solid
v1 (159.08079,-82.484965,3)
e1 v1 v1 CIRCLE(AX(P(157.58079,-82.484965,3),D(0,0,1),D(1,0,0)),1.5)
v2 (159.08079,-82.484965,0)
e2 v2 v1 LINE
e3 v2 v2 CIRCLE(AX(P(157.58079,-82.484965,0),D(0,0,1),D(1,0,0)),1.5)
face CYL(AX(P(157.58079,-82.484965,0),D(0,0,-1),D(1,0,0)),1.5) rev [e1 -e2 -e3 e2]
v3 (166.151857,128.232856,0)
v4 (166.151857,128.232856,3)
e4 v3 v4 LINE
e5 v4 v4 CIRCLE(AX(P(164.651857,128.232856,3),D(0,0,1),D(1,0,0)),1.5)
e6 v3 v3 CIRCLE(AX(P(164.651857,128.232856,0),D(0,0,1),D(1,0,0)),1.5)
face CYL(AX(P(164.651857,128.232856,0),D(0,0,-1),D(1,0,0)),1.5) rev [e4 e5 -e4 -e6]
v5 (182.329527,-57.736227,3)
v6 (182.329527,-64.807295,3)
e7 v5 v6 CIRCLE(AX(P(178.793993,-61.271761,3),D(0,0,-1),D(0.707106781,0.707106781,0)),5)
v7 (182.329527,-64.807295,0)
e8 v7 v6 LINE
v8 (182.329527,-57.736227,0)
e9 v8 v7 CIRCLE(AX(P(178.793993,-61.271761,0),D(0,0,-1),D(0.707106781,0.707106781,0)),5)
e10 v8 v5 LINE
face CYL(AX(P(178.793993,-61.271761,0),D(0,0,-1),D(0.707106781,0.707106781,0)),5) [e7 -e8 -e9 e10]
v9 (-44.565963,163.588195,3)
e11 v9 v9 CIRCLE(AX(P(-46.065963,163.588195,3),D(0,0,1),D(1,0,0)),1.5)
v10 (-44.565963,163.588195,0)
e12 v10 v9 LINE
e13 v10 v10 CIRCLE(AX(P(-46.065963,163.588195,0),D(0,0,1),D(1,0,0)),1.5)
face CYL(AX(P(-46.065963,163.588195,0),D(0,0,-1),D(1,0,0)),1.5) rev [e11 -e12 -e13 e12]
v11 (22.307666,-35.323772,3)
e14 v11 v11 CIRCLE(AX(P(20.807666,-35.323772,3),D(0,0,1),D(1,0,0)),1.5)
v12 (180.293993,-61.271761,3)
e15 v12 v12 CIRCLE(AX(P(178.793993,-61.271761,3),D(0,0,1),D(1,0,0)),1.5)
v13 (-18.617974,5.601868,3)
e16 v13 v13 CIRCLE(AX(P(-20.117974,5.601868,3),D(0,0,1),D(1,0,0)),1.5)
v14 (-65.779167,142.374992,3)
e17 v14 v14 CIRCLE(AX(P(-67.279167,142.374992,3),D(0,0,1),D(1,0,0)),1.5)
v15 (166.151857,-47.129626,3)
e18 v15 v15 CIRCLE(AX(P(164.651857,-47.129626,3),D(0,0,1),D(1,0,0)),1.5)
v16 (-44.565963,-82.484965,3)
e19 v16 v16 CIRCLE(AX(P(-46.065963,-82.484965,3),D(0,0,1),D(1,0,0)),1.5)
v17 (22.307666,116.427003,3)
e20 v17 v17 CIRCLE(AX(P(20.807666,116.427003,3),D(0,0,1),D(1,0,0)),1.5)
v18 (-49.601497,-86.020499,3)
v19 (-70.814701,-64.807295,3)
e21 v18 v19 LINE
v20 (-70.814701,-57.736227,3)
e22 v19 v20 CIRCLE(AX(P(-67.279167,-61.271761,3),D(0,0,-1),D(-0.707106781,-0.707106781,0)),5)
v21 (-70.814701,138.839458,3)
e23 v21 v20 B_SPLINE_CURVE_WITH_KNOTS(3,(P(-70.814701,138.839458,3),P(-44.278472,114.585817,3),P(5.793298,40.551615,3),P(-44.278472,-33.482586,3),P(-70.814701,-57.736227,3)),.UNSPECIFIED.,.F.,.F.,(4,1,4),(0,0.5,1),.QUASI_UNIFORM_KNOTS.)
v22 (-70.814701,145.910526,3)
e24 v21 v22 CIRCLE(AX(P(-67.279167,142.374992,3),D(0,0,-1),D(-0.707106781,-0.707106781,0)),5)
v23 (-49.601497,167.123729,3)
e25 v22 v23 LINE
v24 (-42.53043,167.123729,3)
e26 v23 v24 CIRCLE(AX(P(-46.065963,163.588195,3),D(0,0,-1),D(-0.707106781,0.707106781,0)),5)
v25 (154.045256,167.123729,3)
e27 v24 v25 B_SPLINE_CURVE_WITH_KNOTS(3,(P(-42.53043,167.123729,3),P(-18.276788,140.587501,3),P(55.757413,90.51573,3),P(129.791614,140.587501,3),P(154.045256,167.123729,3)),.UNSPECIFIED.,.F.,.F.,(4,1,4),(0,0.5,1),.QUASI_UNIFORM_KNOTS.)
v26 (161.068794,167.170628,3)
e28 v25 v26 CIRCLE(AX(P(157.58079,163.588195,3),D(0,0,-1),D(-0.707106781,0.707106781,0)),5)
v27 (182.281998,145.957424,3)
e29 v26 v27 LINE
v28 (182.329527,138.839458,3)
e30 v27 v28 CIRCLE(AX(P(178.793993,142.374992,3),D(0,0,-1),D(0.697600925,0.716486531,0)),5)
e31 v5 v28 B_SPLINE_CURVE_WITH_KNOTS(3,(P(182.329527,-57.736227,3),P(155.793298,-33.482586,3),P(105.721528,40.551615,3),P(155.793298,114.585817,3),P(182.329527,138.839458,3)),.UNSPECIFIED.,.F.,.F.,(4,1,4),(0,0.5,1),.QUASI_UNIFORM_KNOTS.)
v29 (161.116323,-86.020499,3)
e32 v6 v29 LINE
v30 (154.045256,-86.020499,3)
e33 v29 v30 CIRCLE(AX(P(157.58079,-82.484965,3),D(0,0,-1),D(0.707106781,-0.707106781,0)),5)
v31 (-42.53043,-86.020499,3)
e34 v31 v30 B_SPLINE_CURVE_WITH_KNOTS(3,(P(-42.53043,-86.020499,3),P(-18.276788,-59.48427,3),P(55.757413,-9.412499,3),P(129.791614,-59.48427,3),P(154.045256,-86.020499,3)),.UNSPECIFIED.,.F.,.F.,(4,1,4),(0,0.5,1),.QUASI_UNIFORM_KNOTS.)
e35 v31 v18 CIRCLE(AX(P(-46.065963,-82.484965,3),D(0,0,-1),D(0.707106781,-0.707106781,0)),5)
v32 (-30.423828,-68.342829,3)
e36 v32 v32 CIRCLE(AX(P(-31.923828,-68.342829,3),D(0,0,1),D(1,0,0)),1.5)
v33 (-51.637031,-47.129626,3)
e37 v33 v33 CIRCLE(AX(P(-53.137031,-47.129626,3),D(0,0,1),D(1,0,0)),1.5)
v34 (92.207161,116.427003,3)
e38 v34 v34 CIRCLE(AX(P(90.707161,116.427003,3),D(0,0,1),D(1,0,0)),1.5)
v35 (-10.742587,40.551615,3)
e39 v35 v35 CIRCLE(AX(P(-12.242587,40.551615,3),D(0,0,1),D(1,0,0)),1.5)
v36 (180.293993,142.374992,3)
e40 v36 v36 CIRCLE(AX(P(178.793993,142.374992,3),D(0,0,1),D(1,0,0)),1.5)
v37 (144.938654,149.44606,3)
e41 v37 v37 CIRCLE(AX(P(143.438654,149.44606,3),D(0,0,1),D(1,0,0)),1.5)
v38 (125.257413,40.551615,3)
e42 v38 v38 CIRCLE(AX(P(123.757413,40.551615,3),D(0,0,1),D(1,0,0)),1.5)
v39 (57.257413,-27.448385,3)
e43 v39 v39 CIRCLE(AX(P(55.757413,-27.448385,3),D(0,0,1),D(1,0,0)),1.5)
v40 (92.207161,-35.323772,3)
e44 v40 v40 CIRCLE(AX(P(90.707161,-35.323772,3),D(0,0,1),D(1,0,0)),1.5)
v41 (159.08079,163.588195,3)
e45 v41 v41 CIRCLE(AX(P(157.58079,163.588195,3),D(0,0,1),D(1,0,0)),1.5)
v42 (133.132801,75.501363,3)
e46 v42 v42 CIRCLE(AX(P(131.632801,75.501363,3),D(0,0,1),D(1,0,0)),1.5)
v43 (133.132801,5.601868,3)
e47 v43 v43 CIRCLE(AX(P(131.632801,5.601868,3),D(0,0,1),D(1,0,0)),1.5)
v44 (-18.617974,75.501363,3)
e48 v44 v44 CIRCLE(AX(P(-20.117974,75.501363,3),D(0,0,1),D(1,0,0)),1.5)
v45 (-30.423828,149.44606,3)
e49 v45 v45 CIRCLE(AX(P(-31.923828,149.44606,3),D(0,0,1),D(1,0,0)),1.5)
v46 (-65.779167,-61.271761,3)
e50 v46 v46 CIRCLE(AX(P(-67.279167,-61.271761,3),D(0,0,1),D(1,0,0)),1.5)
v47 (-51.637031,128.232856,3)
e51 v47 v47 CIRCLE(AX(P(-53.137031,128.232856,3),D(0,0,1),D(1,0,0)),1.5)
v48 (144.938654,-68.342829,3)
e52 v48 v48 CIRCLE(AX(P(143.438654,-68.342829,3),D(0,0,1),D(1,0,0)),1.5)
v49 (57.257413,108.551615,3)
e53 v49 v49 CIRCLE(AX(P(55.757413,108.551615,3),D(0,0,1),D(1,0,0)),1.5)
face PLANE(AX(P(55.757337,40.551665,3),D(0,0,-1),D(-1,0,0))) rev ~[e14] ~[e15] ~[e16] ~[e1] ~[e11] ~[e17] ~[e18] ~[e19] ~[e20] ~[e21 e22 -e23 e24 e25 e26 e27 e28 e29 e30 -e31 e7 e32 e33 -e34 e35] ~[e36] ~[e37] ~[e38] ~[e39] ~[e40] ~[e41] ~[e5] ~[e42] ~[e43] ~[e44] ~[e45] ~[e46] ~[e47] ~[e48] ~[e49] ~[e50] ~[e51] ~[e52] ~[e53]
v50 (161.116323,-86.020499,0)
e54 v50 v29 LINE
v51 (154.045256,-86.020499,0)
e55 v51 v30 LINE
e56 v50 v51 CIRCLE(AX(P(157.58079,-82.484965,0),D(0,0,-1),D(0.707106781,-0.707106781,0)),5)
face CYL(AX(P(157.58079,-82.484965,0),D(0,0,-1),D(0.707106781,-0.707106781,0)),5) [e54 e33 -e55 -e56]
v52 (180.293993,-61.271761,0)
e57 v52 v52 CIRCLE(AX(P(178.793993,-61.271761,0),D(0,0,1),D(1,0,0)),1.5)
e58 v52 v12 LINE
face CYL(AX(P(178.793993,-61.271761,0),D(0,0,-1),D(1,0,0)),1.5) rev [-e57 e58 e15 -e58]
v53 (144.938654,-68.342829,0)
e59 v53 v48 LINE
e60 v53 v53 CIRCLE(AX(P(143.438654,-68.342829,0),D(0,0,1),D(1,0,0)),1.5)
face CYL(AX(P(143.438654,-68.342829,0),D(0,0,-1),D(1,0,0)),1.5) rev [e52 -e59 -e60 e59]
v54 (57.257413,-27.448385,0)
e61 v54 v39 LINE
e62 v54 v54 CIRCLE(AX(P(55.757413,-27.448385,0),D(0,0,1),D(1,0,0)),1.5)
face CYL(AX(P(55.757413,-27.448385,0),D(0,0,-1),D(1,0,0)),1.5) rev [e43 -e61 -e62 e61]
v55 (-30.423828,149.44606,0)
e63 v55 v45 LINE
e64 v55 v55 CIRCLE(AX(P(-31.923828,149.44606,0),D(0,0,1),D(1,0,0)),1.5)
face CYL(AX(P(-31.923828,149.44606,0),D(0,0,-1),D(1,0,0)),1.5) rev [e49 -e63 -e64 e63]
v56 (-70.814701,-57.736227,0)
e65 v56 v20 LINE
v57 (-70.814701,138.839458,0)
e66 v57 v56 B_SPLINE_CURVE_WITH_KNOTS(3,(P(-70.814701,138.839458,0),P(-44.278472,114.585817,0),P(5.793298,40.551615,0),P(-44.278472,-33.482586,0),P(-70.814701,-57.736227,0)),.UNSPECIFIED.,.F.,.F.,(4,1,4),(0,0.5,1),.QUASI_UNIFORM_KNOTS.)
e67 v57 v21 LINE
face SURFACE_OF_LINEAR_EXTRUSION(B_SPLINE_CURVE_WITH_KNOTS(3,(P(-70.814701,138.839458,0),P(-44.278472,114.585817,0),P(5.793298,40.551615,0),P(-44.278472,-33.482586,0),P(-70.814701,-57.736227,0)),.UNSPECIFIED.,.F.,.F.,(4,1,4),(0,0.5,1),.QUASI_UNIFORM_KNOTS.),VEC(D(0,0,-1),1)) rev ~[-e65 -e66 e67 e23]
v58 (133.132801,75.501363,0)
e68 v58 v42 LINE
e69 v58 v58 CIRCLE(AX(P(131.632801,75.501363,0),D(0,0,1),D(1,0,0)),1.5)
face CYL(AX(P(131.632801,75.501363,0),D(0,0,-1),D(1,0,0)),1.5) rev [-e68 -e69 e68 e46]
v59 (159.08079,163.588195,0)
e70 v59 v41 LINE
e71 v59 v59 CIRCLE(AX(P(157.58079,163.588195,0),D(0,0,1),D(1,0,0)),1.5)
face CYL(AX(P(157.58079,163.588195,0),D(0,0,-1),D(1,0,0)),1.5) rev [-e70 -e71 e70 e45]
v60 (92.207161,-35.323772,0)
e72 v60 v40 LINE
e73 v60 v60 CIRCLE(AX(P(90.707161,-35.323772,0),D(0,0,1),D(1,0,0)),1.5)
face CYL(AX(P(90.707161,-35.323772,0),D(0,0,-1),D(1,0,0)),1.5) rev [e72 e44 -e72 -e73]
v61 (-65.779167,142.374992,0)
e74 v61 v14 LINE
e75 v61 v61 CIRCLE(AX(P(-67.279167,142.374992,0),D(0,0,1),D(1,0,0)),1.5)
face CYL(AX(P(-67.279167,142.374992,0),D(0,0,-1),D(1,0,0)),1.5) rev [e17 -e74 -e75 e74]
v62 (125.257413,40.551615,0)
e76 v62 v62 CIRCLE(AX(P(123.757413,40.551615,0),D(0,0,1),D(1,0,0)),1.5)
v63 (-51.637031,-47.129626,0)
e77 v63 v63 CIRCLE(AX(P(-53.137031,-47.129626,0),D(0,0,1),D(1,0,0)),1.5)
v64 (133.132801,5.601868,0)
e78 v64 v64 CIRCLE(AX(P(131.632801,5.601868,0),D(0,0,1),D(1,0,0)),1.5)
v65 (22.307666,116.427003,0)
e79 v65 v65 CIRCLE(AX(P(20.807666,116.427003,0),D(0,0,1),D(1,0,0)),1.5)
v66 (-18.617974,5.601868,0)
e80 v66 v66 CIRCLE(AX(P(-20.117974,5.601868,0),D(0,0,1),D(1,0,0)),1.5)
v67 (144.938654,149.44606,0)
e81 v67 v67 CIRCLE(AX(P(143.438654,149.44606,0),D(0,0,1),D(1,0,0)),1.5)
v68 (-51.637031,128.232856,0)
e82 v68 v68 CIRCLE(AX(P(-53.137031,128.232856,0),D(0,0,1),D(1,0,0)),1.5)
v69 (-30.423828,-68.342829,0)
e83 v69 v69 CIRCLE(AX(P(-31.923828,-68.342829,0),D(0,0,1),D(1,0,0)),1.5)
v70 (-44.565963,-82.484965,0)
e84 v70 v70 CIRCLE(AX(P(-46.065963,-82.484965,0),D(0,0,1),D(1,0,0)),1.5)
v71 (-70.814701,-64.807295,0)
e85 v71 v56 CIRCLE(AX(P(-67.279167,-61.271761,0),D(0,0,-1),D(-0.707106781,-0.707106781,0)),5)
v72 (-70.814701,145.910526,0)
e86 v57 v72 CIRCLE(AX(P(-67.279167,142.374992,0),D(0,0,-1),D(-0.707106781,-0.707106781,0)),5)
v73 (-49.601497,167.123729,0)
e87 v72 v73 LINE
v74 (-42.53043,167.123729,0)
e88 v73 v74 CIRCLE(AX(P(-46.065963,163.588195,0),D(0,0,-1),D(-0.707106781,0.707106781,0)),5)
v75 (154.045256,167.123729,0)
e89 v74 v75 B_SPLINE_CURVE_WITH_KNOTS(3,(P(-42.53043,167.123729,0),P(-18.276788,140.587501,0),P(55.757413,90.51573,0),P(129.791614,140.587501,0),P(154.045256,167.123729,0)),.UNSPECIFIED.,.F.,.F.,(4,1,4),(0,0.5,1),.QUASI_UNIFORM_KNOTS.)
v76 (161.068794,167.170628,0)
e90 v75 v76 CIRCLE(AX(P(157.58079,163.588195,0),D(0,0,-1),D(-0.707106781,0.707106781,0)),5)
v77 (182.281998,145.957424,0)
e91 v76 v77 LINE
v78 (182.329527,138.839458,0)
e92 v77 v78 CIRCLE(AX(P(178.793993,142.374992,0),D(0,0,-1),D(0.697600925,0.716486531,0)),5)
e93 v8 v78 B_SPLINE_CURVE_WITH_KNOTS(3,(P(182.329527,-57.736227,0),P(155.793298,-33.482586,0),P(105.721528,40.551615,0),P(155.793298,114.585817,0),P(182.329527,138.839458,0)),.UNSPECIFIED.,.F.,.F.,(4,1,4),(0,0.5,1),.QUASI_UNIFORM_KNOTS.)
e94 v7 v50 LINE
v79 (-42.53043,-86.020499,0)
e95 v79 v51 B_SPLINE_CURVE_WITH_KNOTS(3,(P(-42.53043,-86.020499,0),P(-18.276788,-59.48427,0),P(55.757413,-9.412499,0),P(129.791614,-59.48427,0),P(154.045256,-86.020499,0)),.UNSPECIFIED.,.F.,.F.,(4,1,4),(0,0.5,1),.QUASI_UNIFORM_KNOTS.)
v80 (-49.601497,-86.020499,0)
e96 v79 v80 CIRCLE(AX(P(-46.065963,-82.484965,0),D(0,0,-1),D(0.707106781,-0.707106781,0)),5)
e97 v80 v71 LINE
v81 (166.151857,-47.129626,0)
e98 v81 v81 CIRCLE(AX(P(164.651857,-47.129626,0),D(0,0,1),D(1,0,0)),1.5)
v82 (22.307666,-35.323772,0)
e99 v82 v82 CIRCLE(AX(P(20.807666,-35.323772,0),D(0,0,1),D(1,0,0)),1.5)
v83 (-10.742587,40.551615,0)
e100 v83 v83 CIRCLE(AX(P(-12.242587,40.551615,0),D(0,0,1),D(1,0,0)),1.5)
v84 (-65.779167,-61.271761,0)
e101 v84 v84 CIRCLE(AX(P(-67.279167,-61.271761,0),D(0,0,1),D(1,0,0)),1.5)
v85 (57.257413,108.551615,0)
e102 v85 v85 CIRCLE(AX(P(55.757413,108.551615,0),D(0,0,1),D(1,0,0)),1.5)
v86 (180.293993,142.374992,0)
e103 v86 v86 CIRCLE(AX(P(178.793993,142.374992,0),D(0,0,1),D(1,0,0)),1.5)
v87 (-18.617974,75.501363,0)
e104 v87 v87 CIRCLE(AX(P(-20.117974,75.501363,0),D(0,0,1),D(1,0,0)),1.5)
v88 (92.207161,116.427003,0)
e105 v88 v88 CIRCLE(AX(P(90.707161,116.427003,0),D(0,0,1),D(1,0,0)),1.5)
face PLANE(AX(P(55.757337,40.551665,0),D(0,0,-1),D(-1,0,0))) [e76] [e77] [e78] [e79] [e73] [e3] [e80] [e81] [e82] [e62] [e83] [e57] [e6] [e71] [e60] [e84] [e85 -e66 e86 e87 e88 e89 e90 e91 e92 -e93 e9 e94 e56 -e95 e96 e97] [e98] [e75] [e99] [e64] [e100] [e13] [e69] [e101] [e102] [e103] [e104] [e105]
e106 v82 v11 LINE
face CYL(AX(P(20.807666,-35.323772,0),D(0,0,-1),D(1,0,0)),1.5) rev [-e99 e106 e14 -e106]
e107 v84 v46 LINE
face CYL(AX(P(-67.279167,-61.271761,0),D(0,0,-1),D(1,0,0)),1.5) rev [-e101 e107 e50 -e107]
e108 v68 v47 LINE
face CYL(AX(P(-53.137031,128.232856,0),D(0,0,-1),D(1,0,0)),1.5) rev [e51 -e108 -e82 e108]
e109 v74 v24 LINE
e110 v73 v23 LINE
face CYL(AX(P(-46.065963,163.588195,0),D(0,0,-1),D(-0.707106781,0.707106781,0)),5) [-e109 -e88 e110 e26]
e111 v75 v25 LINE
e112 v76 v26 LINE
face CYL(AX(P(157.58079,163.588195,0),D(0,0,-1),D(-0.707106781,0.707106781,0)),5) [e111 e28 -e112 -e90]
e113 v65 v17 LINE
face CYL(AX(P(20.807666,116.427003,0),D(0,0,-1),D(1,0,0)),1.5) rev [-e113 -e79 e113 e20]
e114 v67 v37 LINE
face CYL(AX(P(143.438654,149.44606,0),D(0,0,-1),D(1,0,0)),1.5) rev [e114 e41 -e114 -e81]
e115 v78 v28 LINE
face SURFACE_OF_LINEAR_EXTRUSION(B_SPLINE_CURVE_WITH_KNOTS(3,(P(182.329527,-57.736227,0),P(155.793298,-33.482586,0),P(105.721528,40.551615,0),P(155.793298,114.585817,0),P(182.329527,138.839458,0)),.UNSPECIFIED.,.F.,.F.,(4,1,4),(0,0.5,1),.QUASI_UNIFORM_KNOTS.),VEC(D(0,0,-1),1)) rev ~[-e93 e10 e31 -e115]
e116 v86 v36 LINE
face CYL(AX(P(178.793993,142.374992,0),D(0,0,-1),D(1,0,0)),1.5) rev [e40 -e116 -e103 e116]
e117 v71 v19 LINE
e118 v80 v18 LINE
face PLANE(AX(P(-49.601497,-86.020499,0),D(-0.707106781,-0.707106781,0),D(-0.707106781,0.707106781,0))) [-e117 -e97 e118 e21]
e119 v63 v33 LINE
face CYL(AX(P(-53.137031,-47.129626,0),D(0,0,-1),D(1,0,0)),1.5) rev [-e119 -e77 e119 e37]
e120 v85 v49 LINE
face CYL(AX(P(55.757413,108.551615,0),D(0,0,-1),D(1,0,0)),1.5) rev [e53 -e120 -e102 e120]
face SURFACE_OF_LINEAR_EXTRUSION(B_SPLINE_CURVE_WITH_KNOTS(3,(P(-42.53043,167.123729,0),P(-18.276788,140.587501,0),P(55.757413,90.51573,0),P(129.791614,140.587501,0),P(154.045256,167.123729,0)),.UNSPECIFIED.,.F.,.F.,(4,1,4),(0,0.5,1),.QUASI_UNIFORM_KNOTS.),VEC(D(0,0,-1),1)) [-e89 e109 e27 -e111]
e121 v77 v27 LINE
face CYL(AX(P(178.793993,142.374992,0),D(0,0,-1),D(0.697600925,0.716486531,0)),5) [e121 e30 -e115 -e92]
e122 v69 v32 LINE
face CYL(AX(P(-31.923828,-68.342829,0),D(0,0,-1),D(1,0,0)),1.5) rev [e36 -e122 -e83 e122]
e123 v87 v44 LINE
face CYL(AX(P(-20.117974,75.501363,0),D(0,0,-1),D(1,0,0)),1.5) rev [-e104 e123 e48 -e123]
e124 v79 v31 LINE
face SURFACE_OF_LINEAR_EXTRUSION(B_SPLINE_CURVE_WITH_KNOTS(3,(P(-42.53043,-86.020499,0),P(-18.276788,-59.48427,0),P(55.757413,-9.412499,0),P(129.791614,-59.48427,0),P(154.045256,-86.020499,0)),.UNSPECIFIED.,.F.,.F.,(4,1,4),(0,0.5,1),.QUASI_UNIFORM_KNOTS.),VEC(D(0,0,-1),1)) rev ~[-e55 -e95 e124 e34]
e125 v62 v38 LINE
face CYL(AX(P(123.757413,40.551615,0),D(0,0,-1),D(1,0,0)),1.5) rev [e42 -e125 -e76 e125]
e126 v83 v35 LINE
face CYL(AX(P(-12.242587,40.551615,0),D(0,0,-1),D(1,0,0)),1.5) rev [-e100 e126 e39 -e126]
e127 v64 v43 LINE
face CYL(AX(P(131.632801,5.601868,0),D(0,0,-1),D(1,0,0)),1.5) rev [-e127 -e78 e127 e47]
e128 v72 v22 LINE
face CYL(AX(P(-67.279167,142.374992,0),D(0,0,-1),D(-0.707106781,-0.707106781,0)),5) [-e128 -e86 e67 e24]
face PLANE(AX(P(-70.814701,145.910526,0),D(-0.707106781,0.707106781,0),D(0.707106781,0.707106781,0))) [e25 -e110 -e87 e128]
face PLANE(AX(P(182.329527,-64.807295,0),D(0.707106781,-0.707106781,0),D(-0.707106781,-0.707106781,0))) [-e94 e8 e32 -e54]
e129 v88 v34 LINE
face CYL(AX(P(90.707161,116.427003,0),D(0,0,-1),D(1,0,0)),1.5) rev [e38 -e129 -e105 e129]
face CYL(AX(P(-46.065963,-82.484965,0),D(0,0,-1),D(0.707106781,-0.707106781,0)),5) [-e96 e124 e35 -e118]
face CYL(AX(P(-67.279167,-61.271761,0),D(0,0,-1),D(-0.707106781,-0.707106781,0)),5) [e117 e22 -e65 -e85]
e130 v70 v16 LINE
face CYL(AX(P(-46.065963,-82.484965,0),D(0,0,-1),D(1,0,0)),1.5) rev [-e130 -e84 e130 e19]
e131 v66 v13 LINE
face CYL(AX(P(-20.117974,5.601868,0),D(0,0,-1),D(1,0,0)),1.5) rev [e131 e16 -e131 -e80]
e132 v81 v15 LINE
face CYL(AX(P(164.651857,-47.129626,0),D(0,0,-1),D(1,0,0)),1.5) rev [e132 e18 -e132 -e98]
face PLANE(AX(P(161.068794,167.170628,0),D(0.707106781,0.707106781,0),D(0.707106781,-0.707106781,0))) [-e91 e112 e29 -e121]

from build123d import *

# Parameters (mm, degrees)
SKETCH1_R           = 1.5
BOSS_EXTRUDE2_DEPTH = 3


with BuildPart() as part:
    # Sketch1 → Boss-Extrude2 (new body)
    with BuildSketch(Plane.XY):
        with BuildLine():
            Line((-70.814700779, 145.910525624), (-49.601497343, 167.12372906))
            ThreePointArc((-49.601497343, 167.12372906), (-46.065963437, 168.588195154), (-42.530429531, 167.12372906))
            add(Edge.make_bspline(
                [(-42.530429531, 167.12372906), (-18.276788233, 140.587500568), (55.757413054, 90.515729887), (129.791614341, 140.587500568), (154.045255639, 167.12372906)],
                knots=[0, 0, 0, 0, 0.5, 1, 1, 1, 1], degree=3))
            ThreePointArc((154.045255639, 167.12372906), (157.547403451, 168.588083689), (161.068794171, 167.170627808))
            Line((161.068794171, 167.170627808), (182.281997607, 145.957424373))
            ThreePointArc((182.281997607, 145.957424373), (183.793881516, 142.408377812), (182.329526886, 138.839457812))
            add(Edge.make_bspline(
                [(182.329526886, -57.736227358), (155.793298394, -33.48258606), (105.721527713, 40.551615227), (155.793298394, 114.585816515), (182.329526886, 138.839457812)],
                knots=[0, 0, 0, 0, 0.5, 1, 1, 1, 1], degree=3))
            ThreePointArc((182.329526886, -57.736227358), (183.79399298, -61.271761264), (182.329526886, -64.807295169))
            Line((182.329526886, -64.807295169), (161.116323451, -86.020498605))
            ThreePointArc((161.116323451, -86.020498605), (157.580789545, -87.484964699), (154.045255639, -86.020498605))
            add(Edge.make_bspline(
                [(-42.530429531, -86.020498605), (-18.276788233, -59.484270113), (55.757413054, -9.412499432), (129.791614341, -59.484270113), (154.045255639, -86.020498605)],
                knots=[0, 0, 0, 0, 0.5, 1, 1, 1, 1], degree=3))
            ThreePointArc((-42.530429531, -86.020498605), (-46.065963437, -87.484964699), (-49.601497343, -86.020498605))
            Line((-49.601497343, -86.020498605), (-70.814700779, -64.807295169))
            ThreePointArc((-70.814700779, -64.807295169), (-72.279166873, -61.271761264), (-70.814700779, -57.736227358))
            add(Edge.make_bspline(
                [(-70.814700779, 138.839457812), (-44.278472287, 114.585816515), (5.793298394, 40.551615227), (-44.278472287, -33.48258606), (-70.814700779, -57.736227358)],
                knots=[0, 0, 0, 0, 0.5, 1, 1, 1, 1], degree=3))
            ThreePointArc((-70.814700779, 138.839457812), (-72.279166873, 142.374991718), (-70.814700779, 145.910525624))
        make_face()
        with Locations((-12.242586946, 40.551615227)):
            Circle(SKETCH1_R, mode=Mode.SUBTRACT)
        with Locations((55.757413054, 108.551615227)):
            Circle(SKETCH1_R, mode=Mode.SUBTRACT)
        with Locations((123.757413054, 40.551615227)):
            Circle(SKETCH1_R, mode=Mode.SUBTRACT)
        with Locations((55.757413054, -27.448384773)):
            Circle(SKETCH1_R, mode=Mode.SUBTRACT)
        with Locations((131.632800586, 75.501362696)):
            Circle(SKETCH1_R, mode=Mode.SUBTRACT)
        with Locations((131.632800586, 5.601867759)):
            Circle(SKETCH1_R, mode=Mode.SUBTRACT)
        with Locations((20.807665586, 116.427002759)):
            Circle(SKETCH1_R, mode=Mode.SUBTRACT)
        with Locations((90.707160522, 116.427002759)):
            Circle(SKETCH1_R, mode=Mode.SUBTRACT)
        with Locations((-20.117974478, 75.501362696)):
            Circle(SKETCH1_R, mode=Mode.SUBTRACT)
        with Locations((-20.117974478, 5.601867759)):
            Circle(SKETCH1_R, mode=Mode.SUBTRACT)
        with Locations((20.807665586, -35.323772305)):
            Circle(SKETCH1_R, mode=Mode.SUBTRACT)
        with Locations((90.707160522, -35.323772305)):
            Circle(SKETCH1_R, mode=Mode.SUBTRACT)
        with Locations((-67.279166873, 142.374991718)):
            Circle(SKETCH1_R, mode=Mode.SUBTRACT)
        with Locations((-46.065963437, 163.588195154)):
            Circle(SKETCH1_R, mode=Mode.SUBTRACT)
        with Locations((157.580789545, 163.588195154)):
            Circle(SKETCH1_R, mode=Mode.SUBTRACT)
        with Locations((157.580789545, -82.484964699)):
            Circle(SKETCH1_R, mode=Mode.SUBTRACT)
        with Locations((178.79399298, -61.271761264)):
            Circle(SKETCH1_R, mode=Mode.SUBTRACT)
        with Locations((-67.279166873, -61.271761264)):
            Circle(SKETCH1_R, mode=Mode.SUBTRACT)
        with Locations((-46.065963437, -82.484964699)):
            Circle(SKETCH1_R, mode=Mode.SUBTRACT)
        with Locations((178.79399298, 142.374991718)):
            Circle(SKETCH1_R, mode=Mode.SUBTRACT)
        with Locations((-53.137031249, 128.232856094)):
            Circle(SKETCH1_R, mode=Mode.SUBTRACT)
        with Locations((-31.923827813, 149.44605953)):
            Circle(SKETCH1_R, mode=Mode.SUBTRACT)
        with Locations((143.438653921, 149.44605953)):
            Circle(SKETCH1_R, mode=Mode.SUBTRACT)
        with Locations((164.651857357, 128.232856094)):
            Circle(SKETCH1_R, mode=Mode.SUBTRACT)
        with Locations((143.438653921, -68.342829075)):
            Circle(SKETCH1_R, mode=Mode.SUBTRACT)
        with Locations((164.651857357, -47.12962564)):
            Circle(SKETCH1_R, mode=Mode.SUBTRACT)
        with Locations((-53.137031249, -47.12962564)):
            Circle(SKETCH1_R, mode=Mode.SUBTRACT)
        with Locations((-31.923827813, -68.342829075)):
            Circle(SKETCH1_R, mode=Mode.SUBTRACT)
    extrude(amount=BOSS_EXTRUDE2_DEPTH)


solid = part.part
